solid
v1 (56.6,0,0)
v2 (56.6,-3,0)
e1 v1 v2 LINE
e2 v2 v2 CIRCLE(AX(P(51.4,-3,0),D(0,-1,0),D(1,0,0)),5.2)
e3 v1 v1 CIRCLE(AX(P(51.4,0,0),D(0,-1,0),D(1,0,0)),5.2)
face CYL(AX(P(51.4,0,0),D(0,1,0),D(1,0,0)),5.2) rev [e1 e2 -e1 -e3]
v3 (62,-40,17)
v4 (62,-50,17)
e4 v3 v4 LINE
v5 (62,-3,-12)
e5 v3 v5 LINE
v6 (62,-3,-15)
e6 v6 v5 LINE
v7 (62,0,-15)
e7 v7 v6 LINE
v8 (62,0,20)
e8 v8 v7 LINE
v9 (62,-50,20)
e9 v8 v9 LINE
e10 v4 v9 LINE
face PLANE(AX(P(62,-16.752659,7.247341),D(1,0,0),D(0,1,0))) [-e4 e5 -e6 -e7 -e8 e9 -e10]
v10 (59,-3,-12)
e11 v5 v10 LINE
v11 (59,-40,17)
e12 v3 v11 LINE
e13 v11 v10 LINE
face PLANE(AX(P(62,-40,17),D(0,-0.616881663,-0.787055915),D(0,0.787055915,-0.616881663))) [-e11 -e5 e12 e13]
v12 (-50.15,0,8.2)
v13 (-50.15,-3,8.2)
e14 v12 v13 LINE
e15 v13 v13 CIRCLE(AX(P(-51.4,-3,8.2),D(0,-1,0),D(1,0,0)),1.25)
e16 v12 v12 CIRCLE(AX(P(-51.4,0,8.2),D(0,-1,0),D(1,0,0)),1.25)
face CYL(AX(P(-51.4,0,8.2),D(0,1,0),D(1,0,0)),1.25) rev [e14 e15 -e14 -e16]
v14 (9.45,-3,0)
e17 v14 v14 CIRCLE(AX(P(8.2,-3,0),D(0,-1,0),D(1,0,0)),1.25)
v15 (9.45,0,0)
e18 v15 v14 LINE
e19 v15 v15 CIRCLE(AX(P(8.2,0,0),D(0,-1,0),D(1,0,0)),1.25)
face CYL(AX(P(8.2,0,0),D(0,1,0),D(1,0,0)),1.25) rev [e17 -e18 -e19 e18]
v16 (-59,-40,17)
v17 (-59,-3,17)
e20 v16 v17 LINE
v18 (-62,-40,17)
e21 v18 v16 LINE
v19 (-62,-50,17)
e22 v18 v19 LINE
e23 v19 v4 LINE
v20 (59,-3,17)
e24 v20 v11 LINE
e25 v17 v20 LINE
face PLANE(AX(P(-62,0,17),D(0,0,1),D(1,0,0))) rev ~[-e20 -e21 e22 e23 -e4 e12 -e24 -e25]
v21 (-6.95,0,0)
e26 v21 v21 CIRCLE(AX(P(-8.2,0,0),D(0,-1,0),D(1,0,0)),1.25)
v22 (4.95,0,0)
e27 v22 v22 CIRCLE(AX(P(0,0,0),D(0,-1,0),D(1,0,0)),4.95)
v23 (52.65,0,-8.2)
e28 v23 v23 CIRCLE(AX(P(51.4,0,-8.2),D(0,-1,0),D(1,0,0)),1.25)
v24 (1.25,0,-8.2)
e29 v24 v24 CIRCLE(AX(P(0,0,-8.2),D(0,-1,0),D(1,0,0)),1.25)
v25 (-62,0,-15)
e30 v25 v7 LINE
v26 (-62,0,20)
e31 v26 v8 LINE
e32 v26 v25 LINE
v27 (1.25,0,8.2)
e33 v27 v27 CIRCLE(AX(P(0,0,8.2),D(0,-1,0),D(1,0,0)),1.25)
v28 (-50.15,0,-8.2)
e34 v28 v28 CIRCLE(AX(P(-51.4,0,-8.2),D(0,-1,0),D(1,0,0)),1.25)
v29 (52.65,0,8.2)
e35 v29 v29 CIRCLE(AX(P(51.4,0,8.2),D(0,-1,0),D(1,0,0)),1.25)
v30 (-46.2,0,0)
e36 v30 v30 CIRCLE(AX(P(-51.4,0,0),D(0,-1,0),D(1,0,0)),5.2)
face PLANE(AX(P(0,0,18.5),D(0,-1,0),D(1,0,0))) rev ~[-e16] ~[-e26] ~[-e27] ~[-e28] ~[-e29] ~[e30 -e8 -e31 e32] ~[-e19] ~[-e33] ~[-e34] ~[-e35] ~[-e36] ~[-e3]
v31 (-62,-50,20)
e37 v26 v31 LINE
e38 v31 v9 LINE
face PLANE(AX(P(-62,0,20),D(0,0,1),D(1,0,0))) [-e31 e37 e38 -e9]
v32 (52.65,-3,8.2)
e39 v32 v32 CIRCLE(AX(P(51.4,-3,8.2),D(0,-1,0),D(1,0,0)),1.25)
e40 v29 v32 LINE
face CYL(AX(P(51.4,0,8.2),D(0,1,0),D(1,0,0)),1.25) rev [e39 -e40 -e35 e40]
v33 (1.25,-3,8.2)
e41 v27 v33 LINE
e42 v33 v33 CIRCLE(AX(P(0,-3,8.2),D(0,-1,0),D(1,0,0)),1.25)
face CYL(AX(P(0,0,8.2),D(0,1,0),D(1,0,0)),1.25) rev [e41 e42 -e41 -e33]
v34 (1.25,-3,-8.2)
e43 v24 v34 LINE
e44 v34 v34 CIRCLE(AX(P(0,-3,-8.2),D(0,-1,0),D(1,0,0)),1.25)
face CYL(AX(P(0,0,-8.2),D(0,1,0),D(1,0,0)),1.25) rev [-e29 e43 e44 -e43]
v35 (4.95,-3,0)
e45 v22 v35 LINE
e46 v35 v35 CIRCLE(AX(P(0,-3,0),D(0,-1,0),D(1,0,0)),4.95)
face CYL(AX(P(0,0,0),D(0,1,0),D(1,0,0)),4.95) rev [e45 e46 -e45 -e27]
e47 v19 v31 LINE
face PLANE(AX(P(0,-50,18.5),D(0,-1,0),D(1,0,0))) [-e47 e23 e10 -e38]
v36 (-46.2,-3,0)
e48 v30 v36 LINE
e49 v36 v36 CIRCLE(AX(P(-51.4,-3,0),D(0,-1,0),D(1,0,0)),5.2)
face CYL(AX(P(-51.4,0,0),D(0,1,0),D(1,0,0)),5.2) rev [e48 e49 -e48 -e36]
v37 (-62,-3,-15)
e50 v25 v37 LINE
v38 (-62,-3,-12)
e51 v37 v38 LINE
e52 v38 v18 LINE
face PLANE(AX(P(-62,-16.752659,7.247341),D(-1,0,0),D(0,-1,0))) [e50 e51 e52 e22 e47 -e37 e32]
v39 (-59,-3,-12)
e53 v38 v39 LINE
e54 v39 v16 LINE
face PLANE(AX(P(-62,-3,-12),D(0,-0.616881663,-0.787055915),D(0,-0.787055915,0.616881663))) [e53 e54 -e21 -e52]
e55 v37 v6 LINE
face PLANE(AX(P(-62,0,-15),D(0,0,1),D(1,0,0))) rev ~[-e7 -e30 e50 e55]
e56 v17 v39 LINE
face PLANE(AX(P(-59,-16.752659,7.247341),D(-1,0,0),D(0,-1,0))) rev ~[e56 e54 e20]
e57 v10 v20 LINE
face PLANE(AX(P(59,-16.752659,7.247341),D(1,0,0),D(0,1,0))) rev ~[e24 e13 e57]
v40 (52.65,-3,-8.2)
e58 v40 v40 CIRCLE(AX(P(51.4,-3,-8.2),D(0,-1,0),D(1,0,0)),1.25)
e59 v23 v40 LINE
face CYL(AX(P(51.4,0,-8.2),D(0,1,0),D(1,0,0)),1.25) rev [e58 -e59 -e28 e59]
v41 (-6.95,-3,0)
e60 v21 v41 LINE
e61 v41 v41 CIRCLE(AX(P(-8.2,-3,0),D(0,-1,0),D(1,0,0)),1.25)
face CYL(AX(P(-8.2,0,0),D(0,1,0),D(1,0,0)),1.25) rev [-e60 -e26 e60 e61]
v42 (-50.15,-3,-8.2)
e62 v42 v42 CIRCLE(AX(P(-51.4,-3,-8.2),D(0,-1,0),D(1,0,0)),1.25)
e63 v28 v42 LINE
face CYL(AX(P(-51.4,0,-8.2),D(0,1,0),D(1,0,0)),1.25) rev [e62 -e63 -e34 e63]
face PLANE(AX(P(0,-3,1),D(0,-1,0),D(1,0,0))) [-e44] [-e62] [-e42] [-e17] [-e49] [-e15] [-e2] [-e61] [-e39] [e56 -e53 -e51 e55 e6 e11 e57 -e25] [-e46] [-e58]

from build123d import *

# Parameters (mm, degrees)
F0_W     = 124
F0_H     = 32
F0_R     = 1.25
F0_R_2   = 5.2
F0_R_3   = 4.95
F1_DEPTH = 3
F0_H_2   = 3
F2_DEPTH = 50
F5_DEPTH = 3
F6_DEPTH = 3


with BuildPart() as f1:
    # F0 (on Front) → F1 (new body)
    with BuildSketch(Plane.XZ):
        with Locations((0, 1)):
            Rectangle(F0_W, F0_H)
        with Locations((-51.4, -8.2)):
            Circle(F0_R, mode=Mode.SUBTRACT)
        with Locations((-51.4, 0)):
            Circle(F0_R_2, mode=Mode.SUBTRACT)
        with Locations((-8.2, 0)):
            Circle(F0_R, mode=Mode.SUBTRACT)
        with Locations((0, -8.2)):
            Circle(F0_R, mode=Mode.SUBTRACT)
        with Locations((51.4, -8.2)):
            Circle(F0_R, mode=Mode.SUBTRACT)
        Circle(F0_R_3, mode=Mode.SUBTRACT)
        with Locations((8.2, 0)):
            Circle(F0_R, mode=Mode.SUBTRACT)
        with Locations((51.4, 0)):
            Circle(F0_R_2, mode=Mode.SUBTRACT)
        with Locations((-51.4, 8.2)):
            Circle(F0_R, mode=Mode.SUBTRACT)
        with Locations((0, 8.2)):
            Circle(F0_R, mode=Mode.SUBTRACT)
        with Locations((51.4, 8.2)):
            Circle(F0_R, mode=Mode.SUBTRACT)
    extrude(amount=F1_DEPTH)

    # F0 (on Front) → F2 (join)
    with BuildSketch(Plane.XZ):
        with Locations((0, 18.5)):
            Rectangle(F0_W, F0_H_2)
    extrude(amount=F2_DEPTH)

    # F4 (on face) → F5 (join)
    with BuildSketch(Plane(origin=(-62, 0, 0), x_dir=(0, -1, 0), z_dir=(-1, 0, 0))):
        Polygon((3, 17), (3, -12), (40, 17), align=None)
    extrude(amount=-F5_DEPTH)

    # F3 (on face) → F6 (join)
    with BuildSketch(Plane.YZ.offset(62)):
        Polygon((-3, 17), (-40, 17), (-3, -12), align=None)
    extrude(amount=-F6_DEPTH)


solid = f1.part
